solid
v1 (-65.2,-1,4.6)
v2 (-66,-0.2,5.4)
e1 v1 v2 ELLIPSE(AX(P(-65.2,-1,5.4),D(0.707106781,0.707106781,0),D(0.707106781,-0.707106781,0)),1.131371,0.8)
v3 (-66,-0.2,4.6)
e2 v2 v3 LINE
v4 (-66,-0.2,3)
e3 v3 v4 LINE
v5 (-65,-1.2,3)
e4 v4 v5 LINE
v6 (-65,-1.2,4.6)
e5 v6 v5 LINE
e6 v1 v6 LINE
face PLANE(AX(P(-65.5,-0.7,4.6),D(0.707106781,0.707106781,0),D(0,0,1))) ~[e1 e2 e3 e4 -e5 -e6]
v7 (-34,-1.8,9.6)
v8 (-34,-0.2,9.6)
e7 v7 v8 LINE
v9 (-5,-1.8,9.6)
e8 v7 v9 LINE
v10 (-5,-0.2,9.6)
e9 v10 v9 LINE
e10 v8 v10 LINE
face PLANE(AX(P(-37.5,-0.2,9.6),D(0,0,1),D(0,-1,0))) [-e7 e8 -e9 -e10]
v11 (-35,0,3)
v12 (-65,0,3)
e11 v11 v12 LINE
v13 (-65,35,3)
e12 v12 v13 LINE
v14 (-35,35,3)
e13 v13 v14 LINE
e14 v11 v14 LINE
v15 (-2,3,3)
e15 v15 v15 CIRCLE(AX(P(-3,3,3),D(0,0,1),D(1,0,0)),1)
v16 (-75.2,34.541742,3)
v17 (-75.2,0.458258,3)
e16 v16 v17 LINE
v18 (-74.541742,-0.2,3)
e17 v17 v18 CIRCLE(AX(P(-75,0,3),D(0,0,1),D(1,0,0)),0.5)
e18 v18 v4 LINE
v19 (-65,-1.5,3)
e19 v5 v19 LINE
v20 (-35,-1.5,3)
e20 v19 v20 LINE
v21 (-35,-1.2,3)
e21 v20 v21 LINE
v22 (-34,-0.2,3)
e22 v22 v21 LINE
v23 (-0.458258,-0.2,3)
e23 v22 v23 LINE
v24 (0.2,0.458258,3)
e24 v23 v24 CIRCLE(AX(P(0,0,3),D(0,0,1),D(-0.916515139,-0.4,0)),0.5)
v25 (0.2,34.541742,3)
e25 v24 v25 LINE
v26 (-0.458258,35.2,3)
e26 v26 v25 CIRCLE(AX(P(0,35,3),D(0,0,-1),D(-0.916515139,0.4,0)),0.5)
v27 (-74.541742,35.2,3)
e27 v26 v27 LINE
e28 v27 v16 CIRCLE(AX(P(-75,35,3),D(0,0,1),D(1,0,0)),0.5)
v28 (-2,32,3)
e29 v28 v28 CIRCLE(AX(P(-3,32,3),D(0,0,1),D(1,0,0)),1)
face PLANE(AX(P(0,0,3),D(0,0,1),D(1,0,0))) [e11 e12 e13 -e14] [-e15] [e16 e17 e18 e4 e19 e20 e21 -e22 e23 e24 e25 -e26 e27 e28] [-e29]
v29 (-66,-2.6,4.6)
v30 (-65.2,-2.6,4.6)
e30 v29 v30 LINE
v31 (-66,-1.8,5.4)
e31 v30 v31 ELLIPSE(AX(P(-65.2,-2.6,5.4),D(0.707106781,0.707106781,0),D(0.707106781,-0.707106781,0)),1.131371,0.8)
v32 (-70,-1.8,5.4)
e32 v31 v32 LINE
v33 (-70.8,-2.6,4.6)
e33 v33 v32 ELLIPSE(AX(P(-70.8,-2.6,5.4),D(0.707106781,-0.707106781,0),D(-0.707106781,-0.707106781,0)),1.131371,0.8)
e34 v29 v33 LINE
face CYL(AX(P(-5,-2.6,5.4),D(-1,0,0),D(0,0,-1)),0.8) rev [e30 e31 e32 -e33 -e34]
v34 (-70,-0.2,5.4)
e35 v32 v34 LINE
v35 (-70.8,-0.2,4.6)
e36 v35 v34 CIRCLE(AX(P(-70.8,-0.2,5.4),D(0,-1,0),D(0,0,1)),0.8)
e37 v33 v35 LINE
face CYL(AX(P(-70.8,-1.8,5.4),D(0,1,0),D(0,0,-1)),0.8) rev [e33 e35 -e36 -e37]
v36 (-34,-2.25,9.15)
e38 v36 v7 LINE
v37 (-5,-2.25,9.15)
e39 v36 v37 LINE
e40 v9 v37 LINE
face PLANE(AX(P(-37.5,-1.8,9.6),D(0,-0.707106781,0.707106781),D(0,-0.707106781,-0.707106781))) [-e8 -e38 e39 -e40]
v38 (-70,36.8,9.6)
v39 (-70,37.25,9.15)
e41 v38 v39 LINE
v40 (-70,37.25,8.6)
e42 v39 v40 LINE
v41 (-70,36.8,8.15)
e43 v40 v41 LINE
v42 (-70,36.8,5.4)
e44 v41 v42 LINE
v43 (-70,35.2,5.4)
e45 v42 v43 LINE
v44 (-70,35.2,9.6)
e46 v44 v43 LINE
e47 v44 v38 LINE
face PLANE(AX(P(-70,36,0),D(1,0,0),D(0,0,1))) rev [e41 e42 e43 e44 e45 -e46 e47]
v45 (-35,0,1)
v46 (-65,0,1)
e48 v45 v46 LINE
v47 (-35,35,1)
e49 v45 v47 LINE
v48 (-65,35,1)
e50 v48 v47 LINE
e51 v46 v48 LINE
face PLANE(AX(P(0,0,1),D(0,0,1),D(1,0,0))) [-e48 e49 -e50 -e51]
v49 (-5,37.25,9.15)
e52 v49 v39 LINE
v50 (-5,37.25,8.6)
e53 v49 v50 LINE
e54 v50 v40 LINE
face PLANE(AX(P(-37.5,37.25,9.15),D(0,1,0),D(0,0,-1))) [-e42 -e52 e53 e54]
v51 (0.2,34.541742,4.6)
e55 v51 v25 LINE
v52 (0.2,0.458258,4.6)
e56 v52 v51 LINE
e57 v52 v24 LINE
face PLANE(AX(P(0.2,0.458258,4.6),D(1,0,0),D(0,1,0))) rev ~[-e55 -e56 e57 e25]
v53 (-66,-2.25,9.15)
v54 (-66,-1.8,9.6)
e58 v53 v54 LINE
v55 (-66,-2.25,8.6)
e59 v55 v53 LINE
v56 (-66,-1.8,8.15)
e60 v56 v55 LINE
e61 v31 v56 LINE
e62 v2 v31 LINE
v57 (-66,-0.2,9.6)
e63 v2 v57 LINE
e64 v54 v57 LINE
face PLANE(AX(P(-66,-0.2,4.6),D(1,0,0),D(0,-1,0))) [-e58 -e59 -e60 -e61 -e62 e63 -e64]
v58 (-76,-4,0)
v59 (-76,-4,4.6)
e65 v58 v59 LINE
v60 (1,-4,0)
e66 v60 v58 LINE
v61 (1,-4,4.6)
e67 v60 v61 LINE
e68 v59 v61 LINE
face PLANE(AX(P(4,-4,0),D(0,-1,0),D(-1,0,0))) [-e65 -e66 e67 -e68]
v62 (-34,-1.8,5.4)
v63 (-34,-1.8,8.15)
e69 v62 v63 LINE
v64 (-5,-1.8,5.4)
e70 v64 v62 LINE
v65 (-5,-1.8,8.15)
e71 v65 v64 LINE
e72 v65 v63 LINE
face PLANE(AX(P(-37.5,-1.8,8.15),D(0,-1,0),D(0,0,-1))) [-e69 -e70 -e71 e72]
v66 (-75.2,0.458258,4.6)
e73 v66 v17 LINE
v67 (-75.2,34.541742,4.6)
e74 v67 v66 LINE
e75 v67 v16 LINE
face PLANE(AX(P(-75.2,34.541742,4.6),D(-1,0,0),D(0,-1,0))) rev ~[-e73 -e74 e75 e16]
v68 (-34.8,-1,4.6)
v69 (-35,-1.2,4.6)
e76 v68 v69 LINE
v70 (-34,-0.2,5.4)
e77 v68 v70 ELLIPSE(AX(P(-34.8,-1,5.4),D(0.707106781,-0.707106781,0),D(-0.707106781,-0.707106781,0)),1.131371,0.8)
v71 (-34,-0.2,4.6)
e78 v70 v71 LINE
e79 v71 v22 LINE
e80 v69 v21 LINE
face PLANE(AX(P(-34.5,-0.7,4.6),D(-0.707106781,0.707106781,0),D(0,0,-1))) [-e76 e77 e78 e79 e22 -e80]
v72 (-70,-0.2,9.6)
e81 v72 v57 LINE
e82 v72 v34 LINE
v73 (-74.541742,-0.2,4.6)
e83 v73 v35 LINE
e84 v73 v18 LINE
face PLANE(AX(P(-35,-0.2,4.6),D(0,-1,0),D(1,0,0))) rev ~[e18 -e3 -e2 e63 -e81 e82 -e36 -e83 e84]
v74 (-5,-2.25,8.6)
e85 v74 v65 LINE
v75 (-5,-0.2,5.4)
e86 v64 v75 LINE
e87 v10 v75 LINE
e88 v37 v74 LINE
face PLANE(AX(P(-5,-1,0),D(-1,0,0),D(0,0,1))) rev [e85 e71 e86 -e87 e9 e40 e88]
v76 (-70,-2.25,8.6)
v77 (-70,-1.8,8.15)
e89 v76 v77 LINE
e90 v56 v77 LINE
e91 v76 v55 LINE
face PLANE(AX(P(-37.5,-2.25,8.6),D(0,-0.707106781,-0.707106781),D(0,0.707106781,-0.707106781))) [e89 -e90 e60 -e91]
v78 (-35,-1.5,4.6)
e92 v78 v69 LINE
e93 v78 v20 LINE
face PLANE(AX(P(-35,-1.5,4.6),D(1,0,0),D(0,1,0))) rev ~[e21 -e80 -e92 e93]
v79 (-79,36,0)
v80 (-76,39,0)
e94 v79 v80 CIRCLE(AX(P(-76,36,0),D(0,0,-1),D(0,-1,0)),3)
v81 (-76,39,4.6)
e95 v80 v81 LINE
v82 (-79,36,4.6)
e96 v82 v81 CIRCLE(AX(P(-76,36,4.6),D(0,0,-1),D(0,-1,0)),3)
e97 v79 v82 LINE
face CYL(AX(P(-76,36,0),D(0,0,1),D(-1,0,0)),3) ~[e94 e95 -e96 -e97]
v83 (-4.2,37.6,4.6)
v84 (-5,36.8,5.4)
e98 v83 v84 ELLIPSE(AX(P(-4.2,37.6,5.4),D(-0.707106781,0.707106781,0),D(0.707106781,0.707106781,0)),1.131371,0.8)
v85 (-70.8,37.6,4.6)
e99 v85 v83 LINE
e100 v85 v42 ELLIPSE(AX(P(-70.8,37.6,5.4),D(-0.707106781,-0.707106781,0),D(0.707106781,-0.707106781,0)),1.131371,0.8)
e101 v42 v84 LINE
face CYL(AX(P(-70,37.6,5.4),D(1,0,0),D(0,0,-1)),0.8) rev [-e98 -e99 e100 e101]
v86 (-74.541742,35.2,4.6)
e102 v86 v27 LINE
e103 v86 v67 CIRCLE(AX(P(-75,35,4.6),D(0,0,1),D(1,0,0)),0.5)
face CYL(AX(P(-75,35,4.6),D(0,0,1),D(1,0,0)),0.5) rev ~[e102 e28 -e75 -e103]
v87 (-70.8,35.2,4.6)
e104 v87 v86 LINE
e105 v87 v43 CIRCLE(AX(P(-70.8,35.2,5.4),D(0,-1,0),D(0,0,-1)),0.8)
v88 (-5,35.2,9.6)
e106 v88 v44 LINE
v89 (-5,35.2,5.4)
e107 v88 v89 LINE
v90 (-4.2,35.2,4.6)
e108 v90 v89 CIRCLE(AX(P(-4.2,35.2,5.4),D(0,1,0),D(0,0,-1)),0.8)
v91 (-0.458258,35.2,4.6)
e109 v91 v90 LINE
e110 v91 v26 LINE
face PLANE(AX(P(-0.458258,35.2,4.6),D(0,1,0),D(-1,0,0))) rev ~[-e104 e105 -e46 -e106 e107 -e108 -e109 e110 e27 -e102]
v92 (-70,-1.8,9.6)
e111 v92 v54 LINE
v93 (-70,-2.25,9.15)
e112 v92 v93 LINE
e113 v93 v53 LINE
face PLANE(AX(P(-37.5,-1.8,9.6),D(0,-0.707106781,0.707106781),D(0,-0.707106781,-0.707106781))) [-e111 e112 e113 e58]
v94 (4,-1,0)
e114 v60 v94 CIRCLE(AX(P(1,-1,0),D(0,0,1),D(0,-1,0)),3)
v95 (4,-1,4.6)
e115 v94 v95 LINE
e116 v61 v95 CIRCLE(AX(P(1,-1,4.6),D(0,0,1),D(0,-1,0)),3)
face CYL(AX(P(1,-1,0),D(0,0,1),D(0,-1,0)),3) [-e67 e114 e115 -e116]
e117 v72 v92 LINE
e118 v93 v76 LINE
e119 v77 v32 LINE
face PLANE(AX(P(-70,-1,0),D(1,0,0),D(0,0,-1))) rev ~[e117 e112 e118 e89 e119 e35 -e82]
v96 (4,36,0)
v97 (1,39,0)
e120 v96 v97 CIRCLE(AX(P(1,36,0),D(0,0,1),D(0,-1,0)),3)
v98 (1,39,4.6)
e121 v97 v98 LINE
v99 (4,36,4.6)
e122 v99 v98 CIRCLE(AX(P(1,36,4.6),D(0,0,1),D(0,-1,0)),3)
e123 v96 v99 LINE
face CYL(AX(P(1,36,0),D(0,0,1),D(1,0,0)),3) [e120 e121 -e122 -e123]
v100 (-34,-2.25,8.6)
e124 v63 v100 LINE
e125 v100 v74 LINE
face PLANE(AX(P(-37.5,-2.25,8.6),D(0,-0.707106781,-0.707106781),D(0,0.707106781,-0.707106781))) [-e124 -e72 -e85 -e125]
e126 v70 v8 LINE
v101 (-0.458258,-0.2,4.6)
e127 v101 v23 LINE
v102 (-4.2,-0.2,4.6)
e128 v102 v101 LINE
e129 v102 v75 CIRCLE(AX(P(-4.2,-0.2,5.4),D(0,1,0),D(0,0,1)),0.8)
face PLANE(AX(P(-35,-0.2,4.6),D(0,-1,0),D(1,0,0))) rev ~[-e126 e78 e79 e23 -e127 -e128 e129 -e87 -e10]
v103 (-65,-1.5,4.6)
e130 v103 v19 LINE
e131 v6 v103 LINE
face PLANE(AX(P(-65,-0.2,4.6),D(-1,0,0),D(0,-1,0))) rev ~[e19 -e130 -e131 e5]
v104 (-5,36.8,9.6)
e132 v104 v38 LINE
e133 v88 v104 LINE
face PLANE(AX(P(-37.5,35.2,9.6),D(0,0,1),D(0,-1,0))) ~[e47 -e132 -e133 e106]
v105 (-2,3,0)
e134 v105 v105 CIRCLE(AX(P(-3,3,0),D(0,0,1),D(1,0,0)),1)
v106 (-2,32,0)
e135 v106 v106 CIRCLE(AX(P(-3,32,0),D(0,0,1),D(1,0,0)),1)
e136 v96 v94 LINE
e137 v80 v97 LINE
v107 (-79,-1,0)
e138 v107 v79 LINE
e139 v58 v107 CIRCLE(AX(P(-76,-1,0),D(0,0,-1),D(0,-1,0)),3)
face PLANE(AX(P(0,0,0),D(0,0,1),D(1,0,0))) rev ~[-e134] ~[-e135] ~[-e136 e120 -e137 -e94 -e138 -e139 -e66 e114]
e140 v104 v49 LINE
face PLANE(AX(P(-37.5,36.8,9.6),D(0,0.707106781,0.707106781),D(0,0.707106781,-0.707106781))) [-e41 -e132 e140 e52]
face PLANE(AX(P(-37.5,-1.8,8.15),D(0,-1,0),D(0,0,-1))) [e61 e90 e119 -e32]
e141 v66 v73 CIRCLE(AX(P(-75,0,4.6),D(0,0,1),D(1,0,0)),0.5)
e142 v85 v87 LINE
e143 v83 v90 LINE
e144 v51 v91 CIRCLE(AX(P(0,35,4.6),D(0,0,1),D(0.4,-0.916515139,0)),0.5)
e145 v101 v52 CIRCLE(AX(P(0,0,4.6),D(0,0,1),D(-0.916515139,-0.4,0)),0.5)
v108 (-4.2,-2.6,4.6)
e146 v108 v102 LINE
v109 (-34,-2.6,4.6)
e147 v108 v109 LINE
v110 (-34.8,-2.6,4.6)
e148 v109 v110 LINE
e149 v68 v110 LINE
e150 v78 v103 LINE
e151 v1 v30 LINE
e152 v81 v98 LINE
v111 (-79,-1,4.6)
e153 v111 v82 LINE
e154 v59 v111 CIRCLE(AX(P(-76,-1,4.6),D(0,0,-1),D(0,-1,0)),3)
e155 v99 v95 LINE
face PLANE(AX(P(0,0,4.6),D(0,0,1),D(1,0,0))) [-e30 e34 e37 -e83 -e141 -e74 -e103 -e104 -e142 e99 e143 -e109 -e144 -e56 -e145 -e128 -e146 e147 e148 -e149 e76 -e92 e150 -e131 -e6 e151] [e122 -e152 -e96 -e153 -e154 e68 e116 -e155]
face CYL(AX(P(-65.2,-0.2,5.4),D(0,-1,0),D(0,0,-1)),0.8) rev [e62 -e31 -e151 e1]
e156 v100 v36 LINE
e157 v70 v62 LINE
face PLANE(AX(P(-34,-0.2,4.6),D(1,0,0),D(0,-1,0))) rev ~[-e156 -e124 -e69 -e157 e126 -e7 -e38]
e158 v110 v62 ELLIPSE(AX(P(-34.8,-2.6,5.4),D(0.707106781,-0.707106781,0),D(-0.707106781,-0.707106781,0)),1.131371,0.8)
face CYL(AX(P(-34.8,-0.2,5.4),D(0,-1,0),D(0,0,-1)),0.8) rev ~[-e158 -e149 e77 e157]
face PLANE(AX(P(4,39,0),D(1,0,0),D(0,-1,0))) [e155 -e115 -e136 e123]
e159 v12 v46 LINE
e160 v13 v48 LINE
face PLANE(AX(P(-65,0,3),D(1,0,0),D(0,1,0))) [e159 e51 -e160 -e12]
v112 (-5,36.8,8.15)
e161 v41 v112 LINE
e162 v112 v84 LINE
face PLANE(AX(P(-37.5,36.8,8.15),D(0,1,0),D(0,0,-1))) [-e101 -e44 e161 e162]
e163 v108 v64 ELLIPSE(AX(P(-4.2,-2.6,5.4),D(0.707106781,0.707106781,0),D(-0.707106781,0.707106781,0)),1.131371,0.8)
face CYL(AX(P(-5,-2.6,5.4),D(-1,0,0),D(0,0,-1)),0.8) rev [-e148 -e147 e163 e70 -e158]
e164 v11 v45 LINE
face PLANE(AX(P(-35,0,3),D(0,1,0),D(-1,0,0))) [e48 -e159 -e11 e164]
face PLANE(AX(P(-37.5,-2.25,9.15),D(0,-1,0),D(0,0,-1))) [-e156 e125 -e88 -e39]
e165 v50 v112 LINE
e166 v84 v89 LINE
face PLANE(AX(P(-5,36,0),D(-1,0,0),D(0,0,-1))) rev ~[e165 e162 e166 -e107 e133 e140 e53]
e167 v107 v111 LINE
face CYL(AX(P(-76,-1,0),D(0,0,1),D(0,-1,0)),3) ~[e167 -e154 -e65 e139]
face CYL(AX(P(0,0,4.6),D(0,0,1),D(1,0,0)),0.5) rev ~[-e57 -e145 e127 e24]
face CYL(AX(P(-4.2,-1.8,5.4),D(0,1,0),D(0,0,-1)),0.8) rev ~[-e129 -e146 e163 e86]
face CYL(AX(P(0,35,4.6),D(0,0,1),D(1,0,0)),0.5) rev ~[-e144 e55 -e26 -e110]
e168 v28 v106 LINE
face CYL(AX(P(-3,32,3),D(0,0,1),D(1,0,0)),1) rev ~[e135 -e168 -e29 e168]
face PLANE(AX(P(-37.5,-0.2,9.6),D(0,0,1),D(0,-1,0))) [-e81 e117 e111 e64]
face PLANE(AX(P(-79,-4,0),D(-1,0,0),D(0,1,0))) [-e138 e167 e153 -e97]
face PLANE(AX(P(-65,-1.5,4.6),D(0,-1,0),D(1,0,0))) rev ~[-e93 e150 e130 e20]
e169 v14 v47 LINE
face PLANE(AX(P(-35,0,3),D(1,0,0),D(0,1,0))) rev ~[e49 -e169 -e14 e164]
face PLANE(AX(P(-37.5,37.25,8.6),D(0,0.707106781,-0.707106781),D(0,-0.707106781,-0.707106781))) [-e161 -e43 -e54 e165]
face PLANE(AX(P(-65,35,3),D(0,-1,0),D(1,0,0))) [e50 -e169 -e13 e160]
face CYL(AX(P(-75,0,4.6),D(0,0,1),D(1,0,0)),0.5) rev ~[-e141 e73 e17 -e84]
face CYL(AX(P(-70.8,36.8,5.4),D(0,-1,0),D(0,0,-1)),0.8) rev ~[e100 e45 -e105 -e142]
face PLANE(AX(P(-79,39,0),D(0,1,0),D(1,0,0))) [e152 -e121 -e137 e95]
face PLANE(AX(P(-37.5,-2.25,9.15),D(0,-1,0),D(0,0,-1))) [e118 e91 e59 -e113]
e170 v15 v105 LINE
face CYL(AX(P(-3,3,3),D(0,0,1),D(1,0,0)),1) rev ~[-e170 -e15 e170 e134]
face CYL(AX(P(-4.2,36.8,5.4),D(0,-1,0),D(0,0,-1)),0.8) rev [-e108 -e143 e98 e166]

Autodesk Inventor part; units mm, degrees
ref_plane "YZ Plane" through (0, 0, 0) normal (1, 0, 0) x (0, 1, 0)
sketch "Sketch1" plane through (0, 0, 0) normal (0, 0, 1) x (1, 0, 0)
  line L0 (0, 0) -> (-75, 0)
  line L1 (-75, 0) -> (-75, 35)
  line L2 (-75, 35) -> (0, 35)
  line L3 (0, 35) -> (0, 0)
  line L4 (4, -4) -> (-79, -4)
  line L5 (-79, -4) -> (-79, 39)
  line L6 (-79, 39) -> (4, 39)
  line L7 (4, 39) -> (4, -4)
  line L8 (-37.5, 39) -> (-37.5, 56.2273) construction
  line L9 (-79, 17.5) -> (-92.6498, 17.5) construction
  line L10 (-65, 0) -> (-65, 35)
  line L11 (-35, 0) -> (-35, 35)
  circle A0 centre (-3, 32) radius 1
  circle A1 centre (-3, 3) radius 1
  line L12 (-3, 3) -> (-3, 32) construction
  line L13 (-3, 17.5) -> (-10.1857, 17.5) construction
  circle A2 centre (-75, 35) radius 0.5
  circle A3 centre (0, 35) radius 0.5
  circle A4 centre (-75, 0) radius 0.5
  circle A5 centre (0, 0) radius 0.5
  line L14 (-75.2, 35.2) -> (-75.2, -0.2)
  line L15 (-75.2, -0.2) -> (0.2, -0.2)
  line L16 (0.2, -0.2) -> (0.2, 35.2)
  line L17 (0.2, 35.2) -> (-75.2, 35.2)
  line L18 (-65, 0) -> (-65, -1.5)
  line L19 (-65, -1.5) -> (-35, -1.5)
  line L20 (-35, -1.5) -> (-35, 0)
  point P0 (-0.5, 35)
  point P1 (0, 34.5)
  point P2 (0, 0.5)
  point P3 (-0.5, 0)
  point P4 (-75, 0.5)
  point P5 (-74.5, 0)
  point P6 (-74.5, 35)
  point P7 (-75, 34.5)
  point P8 (0.2, 0.4583)
  point P9 (0.2, 34.5417)
  point P10 (-0.4583, 35.2)
  point P11 (-74.5417, 35.2)
  point P12 (-74.5417, -0.2)
  point P13 (-0.4583, -0.2)
  point P14 (-75.2, 34.5417)
  point P15 (-75.2, 0.4583)
  point P16 (-35, -0.2)
  point P17 (-65, -0.2)
  dimension "d0" = 75
  dimension "d1" = 35
  dimension "d2" = 4
  dimension "d8" = 10
  dimension "d9" = 40
  dimension "d10" = 2
  dimension "d11" = 2
  dimension "d12" = 29
  dimension "d13" = 3
  dimension "d18" = 1
  dimension "d21" = 75
  dimension "d24" = 35
  dimension "d32" = 0.2
  dimension "d33" = 1.5
extrude "Extrusion1" add sketch "Sketch1" along normal blind 4.6 contours L20 L15 L18 L0 | L11 L2 A3 L3 A5 L0 | L0 L10 L2 L11 | L0 A5 L15 L20 | L18 L15 A4 L0 | L0 A4 L1 A2 L2 L10 | A5 L3 L0 | L0 L3 A5 L16 L15 | L2 A2 L17 A3 | L20 L19 L18 L15 | A4 L15 L14 L1 L0 | L0 L1 A4 | L3 A3 L16 A5 | L15 L16 A5 | A3 L17 L16 L3 L2 | L2 L3 A3 | A4 L14 A2 L1 | A4 L14 L15 | A2 L1 L2 | L2 L1 A2 L14 L17 | A3 L16 L17 | L17 L14 A2 | L4 L5 L6 L7 | A0 | A1
extrude "Extrusion2" cut sketch "Sketch1" against normal blind 1.6 from surface at 4.6 contours L20 L15 L18 L0 | L11 L2 A3 L3 A5 L0 | L0 L10 L2 L11 | L0 A5 L15 L20 | L18 L15 A4 L0 | L0 A4 L1 A2 L2 L10 | A5 L3 L0 | L0 L3 A5 L16 L15 | L2 A2 L17 A3 | L20 L19 L18 L15 | A4 L15 L14 L1 L0 | L0 L1 A4 | L3 A3 L16 A5 | L15 L16 A5 | A3 L17 L16 L3 L2 | L2 L3 A3 | A4 L14 A2 L1 | A4 L14 L15 | A2 L1 L2 | L2 L1 A2 L14 L17 | A3 L16 L17 | L17 L14 A2 | A0 | A1
extrude "Extrusion3" cut sketch "Sketch1" against normal blind 2 from surface at 3 contours L0 L10 L2 L11
extrude "Extrusion4" cut sketch "Sketch1" against normal blind 3 from surface at 3 contours A0 | A1
chamfer "Chamfer2" distance 1 angle 45 2 edges at (-65, -0.2, 3.8) (-35, -0.2, 3.8)
fillet "Fillet1" radius 3 4 edges at (4, 39, 2.3) (-79, 39, 2.3) (-79, -4, 2.3) (4, -4, 2.3)
ref_plane "Work Plane1" through (-37.5, -1, 0) normal (1, 0, 0) x (0, 0, -1)
sketch "Sketch2" plane through (-37.5, -1, 0) normal (1, 0, 0) x (0, 0, -1)
  line L0 (-1, 1) -> (-3, 1) projected
  line L1 (-3, 1) -> (-4.6, 1)
  line L2 (-4.6, -3) -> (-4.6, 0) projected
  line L3 (-4.6, -0.8) -> (-4.6, 0.8)
  line L4 (-9.6, 0.8) -> (-9.6, -0.8)
  line L5 (-9.6, -0.8) -> (-4.6, -0.8)
  line L6 (-9.6, -0.8) -> (-9.6, -1.25)
  line L7 (-9.6, -1.25) -> (-8.6, -1.25)
  line L8 (-8.6, -1.25) -> (-8.15, -0.8)
  line L9 (-9.6, -0.8) -> (-9.15, -1.25)
  line L10 (-9.6, 0.8) -> (-4.6, 0.8)
  line L11 (-3, 0.8) -> (-4.6, 0.8) projected
  point P0 (0, 1)
  point P1 (-4.6, 1)
  point P2 (-4.6, -0.2)
  dimension "d41" = 1.6
  dimension "d42" = 0.45
  dimension "d45" = 45
  dimension "d46" = 45
  dimension "d47" = 1
  dimension "d51" = 5
ref_plane "Work Plane2" through (-67.5, -1, 0) normal (1, 0, 0) x (0, 0, -1)
extrude "Extrusion5" add sketch "Sketch2" against normal blind 32.5 and the other way blind 3.5 contours L5 L4 L10 L3 L2 | L8 L7 L9 L5
ref_plane "Work Plane3" through (-76, 17.5, 0) normal (0, 1, 0) x (1, 0, 0)
mirror "Mirror1" about plane through (-37.5, -1, 0) normal (1, 0, 0) of "Extrusion5"
fillet "Fillet4" radius 0.8 3 edges at (-37.5, -1.8, 4.6) (-5, -1, 4.6) (-70, -1, 4.6)
mirror "Mirror2" about plane through (-76, 17.5, 0) normal (0, 1, 0) of "Extrusion5", "Mirror1", "Fillet4"
sketch "Sketch7" plane through (0, 0, 4.6) normal (0, 0, 1) x (1, 0, 0)
  line L0 (-66, -0.2) -> (-66, -4)
  line L1 (-66, -4) -> (-34, -4)
  line L2 (-76, -4) -> (1, -4) projected
  line L3 (-34, -0.2) -> (-35, -1.2) projected
  line L4 (-34, -0.2) -> (-34, -4)
  line L5 (-66, -0.2) -> (-34, -0.2)
  point P0 (0, 0)
extrude "Extrusion10" cut sketch "Sketch7" along normal through all
fillet "Fillet5" radius 0.8 2 edges at (-66, -1.4, 4.6) (-34, -1.4, 4.6)
sketch "Sketch3" plane through (4, -1, 4.6) normal (1, 0, 0) x (0, 0, -1)
  line L0 (-8.3163, -11.6343) -> (11.7066, -11.6343)
  line L1 (11.7066, -11.6343) -> (11.7066, 46.4717)
  line L2 (11.7066, 46.4717) -> (-8.3163, 46.4717)
  line L3 (-8.3163, 46.4717) -> (-8.3163, -11.6343)
  point P0 (4.6, 1)
sketch "Sketch4" plane through (-74.5417, 35.2, 3) normal (0, 0, 1) x (1, 0, 0)
  line L0 (-6.3289, -41.6688) -> (13.4056, -41.6688)
  line L1 (13.4056, -41.6688) -> (13.4056, 7.8526)
  line L2 (13.4056, 7.8526) -> (-6.3289, 7.8526)
  line L3 (-6.3289, 7.8526) -> (-6.3289, -41.6688)
  point P0 (74.5417, -35.2)
sketch "Sketch5" plane through (-74.5417, 35.2, 4.6) normal (0, 0, -1) x (-1, 0, 0)
  line L0 (-3.0733, -37.6) -> (-8.5102, -37.6) projected
  line L1 (-3.6554, 1.6179) -> (-3.0733, 2.2) projected
  line L2 (-8.5102, -37.6) -> (-3.0733, -37.6)
  line L3 (-3.0733, -37.6) -> (-3.0733, 2.2)
  line L4 (-3.0733, 2.2) -> (-8.5102, 2.2)
  line L5 (-8.5102, 2.2) -> (-8.5102, -37.6)
  point P0 (-74.5417, -35.2)
sketch "Sketch6" plane through (-74.5417, 35.2, 4.6) normal (0, 0, 1) x (1, 0, 0)
  line L0 (3.0733, -37.6) -> (3.0733, 2.2) projected
  line L1 (8.5102, 2.2) -> (8.5102, -37.6) projected
  line L2 (3.0733, 0.0729) -> (8.5102, 0.0729)
  line L3 (8.5102, 0.0729) -> (8.5102, -35.4359)
  line L4 (8.5102, -35.4359) -> (3.0733, -35.4359)
  line L5 (3.0733, -35.4359) -> (3.0733, 0.0729)
  point P0 (74.5417, -35.2)
  point P1 (3.0733, -35.4359)
equation "\"d11\" = d10"
equation "\"d21\" = d0"
equation "\"d24\" = d1"
properties part number "scatola_v2_sotto"
